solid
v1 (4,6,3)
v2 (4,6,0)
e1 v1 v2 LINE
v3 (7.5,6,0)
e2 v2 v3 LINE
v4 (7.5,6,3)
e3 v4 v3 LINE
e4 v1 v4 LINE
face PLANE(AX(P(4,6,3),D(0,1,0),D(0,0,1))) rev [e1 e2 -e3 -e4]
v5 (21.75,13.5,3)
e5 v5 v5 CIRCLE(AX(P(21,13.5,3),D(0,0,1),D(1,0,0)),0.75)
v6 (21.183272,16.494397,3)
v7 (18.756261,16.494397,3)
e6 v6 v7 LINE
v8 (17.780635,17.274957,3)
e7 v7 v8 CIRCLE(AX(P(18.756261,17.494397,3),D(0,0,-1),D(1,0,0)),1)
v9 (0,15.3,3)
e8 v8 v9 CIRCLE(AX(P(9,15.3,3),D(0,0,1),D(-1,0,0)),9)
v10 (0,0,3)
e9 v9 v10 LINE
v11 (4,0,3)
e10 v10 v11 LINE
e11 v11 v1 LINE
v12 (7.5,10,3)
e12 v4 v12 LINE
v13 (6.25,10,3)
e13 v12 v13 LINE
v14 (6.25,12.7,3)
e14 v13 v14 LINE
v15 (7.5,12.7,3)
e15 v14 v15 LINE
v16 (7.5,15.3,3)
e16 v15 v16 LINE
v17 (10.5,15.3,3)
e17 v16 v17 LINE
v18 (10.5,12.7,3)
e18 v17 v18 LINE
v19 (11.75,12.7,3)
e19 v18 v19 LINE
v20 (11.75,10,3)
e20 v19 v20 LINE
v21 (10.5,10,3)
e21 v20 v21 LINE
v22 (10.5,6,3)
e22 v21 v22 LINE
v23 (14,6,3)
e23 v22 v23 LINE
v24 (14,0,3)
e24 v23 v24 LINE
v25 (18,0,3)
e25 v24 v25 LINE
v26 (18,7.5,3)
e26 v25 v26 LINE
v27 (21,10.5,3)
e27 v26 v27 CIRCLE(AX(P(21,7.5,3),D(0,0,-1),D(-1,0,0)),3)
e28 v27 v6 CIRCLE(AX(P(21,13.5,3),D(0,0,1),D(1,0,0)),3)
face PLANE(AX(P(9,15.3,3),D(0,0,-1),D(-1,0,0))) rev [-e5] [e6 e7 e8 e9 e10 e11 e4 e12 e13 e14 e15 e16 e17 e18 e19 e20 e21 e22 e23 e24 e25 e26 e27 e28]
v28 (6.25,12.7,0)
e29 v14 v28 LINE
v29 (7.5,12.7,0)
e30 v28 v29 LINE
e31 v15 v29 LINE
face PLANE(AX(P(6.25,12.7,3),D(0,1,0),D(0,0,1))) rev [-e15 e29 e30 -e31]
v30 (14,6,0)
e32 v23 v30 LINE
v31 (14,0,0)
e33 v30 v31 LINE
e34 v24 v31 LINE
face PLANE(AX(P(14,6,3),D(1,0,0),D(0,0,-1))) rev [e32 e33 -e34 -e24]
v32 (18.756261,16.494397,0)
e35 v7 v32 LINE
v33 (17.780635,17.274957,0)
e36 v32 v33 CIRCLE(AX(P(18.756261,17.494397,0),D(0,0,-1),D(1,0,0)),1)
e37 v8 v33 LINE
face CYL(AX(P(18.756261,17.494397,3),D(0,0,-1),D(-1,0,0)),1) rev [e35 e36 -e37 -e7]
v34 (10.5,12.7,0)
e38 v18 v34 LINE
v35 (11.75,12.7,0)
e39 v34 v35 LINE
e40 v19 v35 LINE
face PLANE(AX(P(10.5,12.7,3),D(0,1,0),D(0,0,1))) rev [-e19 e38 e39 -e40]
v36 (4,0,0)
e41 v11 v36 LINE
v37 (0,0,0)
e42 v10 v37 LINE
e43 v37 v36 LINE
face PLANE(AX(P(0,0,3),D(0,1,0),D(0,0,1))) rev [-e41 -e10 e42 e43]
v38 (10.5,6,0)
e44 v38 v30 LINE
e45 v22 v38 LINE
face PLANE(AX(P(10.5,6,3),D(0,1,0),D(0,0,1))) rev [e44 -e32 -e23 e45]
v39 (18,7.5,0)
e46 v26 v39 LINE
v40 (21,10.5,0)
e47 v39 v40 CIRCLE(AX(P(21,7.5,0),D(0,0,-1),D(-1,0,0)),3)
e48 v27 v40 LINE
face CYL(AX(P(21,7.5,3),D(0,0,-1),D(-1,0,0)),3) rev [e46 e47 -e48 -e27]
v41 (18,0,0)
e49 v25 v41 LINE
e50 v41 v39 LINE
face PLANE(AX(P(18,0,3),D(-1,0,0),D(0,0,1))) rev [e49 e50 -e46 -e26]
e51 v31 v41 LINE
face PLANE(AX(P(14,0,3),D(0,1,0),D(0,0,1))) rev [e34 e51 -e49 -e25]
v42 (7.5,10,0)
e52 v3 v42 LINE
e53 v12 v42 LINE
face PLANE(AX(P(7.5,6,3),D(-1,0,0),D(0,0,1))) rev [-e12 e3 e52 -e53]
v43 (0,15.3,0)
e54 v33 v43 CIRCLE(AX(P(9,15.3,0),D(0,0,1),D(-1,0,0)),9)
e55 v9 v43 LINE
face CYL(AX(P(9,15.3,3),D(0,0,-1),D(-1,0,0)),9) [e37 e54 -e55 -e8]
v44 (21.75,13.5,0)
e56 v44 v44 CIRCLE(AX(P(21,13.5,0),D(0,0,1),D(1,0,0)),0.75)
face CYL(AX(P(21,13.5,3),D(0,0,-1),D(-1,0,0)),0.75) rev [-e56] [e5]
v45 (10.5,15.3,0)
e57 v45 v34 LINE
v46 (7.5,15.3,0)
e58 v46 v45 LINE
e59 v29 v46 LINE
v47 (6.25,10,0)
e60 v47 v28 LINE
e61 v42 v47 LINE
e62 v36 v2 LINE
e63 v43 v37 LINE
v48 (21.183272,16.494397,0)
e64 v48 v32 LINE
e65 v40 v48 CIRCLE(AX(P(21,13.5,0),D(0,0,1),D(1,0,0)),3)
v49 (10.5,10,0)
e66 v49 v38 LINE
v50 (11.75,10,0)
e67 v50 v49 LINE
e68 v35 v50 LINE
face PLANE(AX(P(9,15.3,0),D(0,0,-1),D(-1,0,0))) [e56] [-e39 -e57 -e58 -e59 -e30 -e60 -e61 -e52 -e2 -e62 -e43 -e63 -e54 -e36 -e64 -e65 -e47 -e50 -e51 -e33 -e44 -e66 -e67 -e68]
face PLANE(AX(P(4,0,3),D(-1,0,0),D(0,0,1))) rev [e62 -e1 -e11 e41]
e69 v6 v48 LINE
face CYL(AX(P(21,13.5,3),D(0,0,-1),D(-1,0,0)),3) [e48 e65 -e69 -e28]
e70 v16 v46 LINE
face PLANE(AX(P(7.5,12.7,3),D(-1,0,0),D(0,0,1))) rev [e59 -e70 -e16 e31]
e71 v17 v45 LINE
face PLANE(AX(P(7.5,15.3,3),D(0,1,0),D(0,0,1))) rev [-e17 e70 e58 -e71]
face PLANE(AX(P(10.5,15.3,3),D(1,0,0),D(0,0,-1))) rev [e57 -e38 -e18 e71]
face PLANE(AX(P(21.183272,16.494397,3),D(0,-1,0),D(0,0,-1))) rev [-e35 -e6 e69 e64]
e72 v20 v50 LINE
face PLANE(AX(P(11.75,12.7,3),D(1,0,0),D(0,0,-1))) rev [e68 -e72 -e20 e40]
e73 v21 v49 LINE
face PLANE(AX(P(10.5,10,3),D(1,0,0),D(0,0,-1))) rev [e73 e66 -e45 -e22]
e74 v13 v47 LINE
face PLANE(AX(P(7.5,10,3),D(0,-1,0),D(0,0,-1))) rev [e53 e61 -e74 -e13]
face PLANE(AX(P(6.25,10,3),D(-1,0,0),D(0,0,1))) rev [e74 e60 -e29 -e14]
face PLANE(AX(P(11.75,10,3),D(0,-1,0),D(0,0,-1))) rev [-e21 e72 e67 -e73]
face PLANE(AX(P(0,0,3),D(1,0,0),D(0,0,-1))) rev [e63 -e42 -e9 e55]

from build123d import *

# Parameters (mm, degrees)
SKETCH_1_R      = 0.75
EXTRUDE_1_DEPTH = 3


with BuildPart() as part:
    # 草图1 → 凸台-拉伸1 (new body)
    with BuildSketch(Plane.XY):
        with BuildLine():
            Line((0, 0), (4, 0))
            Line((4, 0), (4, 6))
            Line((4, 6), (7.5, 6))
            Line((7.5, 6), (7.5, 10))
            Line((7.5, 10), (6.25, 10))
            Line((6.25, 10), (6.25, 12.7))
            Line((6.25, 12.7), (7.5, 12.7))
            Line((7.5, 12.7), (7.5, 15.3))
            Line((7.5, 15.3), (10.5, 15.3))
            Line((10.5, 15.3), (10.5, 12.7))
            Line((10.5, 12.7), (11.75, 12.7))
            Line((11.75, 12.7), (11.75, 10))
            Line((11.75, 10), (10.5, 10))
            Line((10.5, 10), (10.5, 6))
            Line((10.5, 6), (14, 6))
            Line((14, 6), (14, 0))
            Line((14, 0), (18, 0))
            Line((18, 0), (18, 7.5))
            ThreePointArc((18, 7.5), (18.878679656, 9.621320344), (21, 10.5))
            ThreePointArc((21, 10.5), (23.998598833, 13.408321005), (21.183272352, 16.494396641))
            Line((21.183272352, 16.494396641), (18.756260727, 16.494396641))
            ThreePointArc((18.756260727, 16.494396641), (18.131536654, 16.713551053), (17.780634655, 17.274956977))
            ThreePointArc((17.780634655, 17.274956977), (8.006448766, 24.24499055), (0, 15.3))
            Line((0, 15.3), (0, 0))
        make_face()
        with Locations((21, 13.5)):
            Circle(SKETCH_1_R, mode=Mode.SUBTRACT)
    extrude(amount=EXTRUDE_1_DEPTH)


solid = part.part
